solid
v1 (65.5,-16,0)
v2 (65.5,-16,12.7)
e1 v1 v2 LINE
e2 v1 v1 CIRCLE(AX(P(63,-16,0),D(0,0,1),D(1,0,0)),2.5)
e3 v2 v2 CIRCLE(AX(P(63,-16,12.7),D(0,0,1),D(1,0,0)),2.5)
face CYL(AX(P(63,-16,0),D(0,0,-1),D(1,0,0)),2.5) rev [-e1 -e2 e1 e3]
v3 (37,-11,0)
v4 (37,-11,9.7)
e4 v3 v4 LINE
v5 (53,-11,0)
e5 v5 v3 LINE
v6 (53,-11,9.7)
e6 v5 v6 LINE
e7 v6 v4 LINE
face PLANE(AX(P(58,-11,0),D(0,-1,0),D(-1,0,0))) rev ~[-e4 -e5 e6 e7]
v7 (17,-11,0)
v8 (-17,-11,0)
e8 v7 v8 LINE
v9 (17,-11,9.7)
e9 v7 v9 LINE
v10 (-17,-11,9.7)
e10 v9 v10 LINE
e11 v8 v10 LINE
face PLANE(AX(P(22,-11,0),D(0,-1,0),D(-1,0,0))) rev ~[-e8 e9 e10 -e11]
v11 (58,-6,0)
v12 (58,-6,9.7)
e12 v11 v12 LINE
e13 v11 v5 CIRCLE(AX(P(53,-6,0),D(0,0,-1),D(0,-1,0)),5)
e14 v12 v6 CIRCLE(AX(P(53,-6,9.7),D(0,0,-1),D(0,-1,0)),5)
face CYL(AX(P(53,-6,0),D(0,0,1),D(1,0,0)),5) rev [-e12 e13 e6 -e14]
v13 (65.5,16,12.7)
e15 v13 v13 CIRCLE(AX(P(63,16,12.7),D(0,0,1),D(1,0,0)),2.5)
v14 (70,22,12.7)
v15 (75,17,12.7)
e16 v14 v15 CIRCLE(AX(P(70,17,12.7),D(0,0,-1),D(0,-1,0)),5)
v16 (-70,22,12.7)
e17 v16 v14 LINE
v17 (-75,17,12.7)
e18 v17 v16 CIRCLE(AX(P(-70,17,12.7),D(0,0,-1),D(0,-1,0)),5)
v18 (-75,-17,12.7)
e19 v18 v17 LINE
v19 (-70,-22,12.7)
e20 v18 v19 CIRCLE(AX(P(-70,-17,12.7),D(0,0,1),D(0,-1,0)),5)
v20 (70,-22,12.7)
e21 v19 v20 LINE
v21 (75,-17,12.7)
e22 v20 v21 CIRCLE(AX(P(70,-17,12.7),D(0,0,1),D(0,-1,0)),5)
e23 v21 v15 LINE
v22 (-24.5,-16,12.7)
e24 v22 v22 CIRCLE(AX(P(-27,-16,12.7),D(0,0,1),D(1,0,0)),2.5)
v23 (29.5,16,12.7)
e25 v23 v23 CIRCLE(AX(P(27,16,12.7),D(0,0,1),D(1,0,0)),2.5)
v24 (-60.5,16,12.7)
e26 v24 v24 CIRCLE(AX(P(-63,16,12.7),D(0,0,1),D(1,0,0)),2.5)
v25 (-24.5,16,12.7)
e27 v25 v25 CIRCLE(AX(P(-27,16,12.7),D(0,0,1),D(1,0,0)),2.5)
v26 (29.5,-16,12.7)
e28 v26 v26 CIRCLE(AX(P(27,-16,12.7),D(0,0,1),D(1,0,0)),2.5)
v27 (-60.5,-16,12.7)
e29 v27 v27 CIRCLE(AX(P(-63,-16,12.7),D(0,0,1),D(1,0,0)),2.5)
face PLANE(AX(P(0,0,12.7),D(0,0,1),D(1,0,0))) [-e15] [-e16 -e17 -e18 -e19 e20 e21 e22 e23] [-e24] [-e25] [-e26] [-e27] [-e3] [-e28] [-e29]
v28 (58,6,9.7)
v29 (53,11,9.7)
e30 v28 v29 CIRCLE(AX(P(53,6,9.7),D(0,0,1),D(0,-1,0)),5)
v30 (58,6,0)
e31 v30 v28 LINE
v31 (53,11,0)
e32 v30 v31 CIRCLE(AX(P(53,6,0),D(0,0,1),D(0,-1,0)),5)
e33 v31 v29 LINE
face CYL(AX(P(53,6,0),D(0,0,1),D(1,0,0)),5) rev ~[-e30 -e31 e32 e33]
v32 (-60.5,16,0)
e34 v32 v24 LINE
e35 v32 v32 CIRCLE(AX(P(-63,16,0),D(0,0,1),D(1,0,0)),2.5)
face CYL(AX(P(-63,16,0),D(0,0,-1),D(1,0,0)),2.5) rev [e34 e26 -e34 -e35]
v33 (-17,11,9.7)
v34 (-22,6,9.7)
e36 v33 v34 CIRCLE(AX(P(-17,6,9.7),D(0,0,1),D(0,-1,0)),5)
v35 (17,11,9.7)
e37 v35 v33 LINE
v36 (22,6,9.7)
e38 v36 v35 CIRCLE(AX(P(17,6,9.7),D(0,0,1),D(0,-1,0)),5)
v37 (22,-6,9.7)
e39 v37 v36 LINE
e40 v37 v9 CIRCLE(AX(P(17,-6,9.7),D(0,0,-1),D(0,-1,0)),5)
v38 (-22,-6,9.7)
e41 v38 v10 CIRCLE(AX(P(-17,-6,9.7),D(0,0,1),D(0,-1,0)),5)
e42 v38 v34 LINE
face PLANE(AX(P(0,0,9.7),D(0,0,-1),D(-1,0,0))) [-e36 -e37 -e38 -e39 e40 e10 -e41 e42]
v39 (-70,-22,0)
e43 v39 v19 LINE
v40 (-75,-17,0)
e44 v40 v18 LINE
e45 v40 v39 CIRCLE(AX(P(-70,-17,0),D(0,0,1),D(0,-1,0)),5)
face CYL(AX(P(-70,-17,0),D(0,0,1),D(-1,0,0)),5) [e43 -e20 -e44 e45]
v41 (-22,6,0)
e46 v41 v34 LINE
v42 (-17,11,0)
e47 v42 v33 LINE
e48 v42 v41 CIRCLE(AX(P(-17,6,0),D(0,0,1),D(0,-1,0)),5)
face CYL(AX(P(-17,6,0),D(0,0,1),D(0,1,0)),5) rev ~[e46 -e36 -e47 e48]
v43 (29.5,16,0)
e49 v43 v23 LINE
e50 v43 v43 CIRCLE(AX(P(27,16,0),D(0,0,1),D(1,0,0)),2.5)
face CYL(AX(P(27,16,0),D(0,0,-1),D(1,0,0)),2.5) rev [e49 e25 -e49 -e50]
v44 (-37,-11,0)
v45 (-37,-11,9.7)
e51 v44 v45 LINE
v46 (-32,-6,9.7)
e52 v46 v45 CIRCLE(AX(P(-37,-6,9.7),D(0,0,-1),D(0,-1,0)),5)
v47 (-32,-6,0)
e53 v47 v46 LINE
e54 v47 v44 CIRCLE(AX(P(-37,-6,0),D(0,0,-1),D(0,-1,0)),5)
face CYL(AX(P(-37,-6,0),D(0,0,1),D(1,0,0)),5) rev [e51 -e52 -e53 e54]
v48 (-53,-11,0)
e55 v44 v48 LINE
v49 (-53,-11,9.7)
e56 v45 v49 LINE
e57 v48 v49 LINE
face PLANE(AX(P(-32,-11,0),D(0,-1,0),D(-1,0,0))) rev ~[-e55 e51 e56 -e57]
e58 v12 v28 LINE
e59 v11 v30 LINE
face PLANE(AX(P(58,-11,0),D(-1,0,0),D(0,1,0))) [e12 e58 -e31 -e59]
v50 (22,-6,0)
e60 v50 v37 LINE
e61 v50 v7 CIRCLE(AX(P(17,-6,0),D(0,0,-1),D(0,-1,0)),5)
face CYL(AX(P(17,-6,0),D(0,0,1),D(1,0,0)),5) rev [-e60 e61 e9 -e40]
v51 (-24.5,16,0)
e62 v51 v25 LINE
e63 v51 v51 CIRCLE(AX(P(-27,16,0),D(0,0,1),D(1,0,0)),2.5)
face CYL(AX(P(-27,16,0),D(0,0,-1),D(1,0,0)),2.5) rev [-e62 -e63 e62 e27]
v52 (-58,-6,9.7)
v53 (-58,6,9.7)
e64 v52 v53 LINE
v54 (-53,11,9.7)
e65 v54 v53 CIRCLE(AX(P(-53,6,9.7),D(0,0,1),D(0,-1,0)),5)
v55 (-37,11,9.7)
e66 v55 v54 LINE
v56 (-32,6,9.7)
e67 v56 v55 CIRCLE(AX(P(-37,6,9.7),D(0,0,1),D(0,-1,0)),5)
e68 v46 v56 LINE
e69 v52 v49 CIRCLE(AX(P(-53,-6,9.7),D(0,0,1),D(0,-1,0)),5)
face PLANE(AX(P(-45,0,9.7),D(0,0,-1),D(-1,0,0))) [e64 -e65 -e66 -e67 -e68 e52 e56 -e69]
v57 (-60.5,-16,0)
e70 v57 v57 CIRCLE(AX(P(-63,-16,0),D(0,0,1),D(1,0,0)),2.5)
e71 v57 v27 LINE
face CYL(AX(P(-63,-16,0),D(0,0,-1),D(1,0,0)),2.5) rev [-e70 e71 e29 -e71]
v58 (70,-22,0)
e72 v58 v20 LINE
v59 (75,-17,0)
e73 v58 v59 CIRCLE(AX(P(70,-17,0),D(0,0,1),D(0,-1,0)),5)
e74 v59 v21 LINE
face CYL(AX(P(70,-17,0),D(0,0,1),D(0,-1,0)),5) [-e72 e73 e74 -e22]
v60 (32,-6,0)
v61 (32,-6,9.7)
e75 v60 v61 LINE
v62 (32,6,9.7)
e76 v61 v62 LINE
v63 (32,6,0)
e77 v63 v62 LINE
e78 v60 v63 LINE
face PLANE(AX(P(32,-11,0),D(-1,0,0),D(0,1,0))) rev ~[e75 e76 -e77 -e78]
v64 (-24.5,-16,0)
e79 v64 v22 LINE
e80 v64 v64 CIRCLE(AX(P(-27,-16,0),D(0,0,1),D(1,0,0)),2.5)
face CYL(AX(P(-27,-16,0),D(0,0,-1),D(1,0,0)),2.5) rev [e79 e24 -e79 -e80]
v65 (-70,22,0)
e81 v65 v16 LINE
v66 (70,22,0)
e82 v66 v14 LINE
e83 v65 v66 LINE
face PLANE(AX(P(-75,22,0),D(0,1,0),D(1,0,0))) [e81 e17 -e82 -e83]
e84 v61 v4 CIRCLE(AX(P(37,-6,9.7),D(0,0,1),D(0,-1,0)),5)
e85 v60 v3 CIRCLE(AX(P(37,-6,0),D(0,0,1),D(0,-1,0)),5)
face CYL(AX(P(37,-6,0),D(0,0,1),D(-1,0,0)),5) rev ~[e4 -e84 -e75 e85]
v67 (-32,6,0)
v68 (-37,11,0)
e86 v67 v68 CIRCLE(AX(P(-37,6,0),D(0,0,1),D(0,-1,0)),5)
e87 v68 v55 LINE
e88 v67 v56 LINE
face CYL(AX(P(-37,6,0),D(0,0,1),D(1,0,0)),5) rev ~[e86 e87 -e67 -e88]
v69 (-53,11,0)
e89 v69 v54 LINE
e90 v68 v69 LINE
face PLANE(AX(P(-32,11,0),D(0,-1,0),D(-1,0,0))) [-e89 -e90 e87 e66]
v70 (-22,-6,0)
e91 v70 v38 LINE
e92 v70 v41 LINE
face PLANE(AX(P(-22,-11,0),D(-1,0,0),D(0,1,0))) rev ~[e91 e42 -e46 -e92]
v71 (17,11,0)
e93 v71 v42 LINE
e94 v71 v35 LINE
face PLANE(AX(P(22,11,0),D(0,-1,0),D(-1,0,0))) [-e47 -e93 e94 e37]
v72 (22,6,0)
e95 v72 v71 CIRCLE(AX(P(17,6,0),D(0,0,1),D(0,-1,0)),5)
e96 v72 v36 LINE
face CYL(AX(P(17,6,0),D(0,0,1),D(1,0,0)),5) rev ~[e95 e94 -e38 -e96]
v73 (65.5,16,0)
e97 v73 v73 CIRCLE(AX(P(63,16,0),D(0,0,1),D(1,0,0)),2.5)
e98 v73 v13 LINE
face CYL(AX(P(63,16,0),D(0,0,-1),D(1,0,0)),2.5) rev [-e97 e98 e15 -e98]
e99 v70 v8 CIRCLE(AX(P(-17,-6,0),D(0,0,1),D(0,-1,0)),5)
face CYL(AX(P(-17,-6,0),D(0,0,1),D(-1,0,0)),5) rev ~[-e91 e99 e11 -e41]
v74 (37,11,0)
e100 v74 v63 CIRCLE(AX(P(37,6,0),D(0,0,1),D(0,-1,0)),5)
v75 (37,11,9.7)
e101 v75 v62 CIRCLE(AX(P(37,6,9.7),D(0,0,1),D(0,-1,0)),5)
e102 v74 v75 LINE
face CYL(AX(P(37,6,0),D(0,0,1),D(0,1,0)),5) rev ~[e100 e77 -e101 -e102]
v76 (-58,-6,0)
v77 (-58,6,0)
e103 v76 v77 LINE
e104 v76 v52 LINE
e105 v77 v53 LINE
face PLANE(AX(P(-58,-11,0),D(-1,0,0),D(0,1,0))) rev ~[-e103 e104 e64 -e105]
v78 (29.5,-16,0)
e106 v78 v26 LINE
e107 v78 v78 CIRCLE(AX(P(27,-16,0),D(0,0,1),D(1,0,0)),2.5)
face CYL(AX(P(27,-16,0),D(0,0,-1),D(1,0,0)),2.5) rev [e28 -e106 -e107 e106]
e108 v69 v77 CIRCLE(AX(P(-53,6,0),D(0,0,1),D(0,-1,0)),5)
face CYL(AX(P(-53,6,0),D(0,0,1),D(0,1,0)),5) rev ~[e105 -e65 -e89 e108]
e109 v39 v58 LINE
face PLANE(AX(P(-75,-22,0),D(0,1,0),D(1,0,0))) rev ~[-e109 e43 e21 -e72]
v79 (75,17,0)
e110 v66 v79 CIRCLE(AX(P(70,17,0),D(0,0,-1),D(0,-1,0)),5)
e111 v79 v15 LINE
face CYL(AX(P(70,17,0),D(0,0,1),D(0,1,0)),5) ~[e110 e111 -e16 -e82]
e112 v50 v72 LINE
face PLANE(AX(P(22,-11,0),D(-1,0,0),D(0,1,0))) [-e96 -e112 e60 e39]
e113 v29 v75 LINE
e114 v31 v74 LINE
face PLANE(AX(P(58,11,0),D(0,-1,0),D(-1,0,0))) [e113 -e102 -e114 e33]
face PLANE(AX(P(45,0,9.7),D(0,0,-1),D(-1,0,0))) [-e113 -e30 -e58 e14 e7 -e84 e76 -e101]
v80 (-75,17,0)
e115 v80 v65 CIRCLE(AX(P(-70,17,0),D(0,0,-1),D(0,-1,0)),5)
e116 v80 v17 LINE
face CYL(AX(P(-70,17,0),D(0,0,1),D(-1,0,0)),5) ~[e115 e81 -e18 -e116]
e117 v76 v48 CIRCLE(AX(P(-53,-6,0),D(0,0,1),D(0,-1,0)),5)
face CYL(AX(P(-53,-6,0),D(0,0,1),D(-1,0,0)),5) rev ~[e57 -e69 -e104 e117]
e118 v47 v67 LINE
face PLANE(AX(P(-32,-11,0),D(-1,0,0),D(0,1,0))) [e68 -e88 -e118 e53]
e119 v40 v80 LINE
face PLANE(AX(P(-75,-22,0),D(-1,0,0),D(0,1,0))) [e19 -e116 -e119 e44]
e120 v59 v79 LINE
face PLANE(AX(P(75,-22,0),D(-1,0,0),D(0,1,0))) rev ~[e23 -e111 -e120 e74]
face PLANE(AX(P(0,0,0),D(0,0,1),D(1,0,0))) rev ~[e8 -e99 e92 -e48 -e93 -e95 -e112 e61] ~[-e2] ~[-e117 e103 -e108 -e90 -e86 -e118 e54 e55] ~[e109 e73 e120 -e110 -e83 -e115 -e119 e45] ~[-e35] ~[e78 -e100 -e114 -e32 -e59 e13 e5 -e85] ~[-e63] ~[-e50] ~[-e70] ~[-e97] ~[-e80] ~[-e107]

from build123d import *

# Parameters (mm, degrees)
SKETCH1_W           = 150
SKETCH1_H           = 44
SKETCH1_R           = 2.5
BOSS_EXTRUDE1_DEPTH = 12.7
FILLET1_R           = 5
SKETCH7_W           = 26
SKETCH7_H           = 22
SKETCH7_W_2         = 44
CUT_EXTRUDE2_DEPTH  = 9.7
FILLET3_R           = 5


with BuildPart() as part:
    # Sketch1 → Boss-Extrude1 (new body)
    with BuildSketch(Plane.XY):
        Rectangle(SKETCH1_W, SKETCH1_H)
        with Locations((-63, -16)):
            Circle(SKETCH1_R, mode=Mode.SUBTRACT)
        with Locations((-63, 16)):
            Circle(SKETCH1_R, mode=Mode.SUBTRACT)
        with Locations((-27, -16)):
            Circle(SKETCH1_R, mode=Mode.SUBTRACT)
        with Locations((-27, 16)):
            Circle(SKETCH1_R, mode=Mode.SUBTRACT)
        with Locations((27, -16)):
            Circle(SKETCH1_R, mode=Mode.SUBTRACT)
        with Locations((27, 16)):
            Circle(SKETCH1_R, mode=Mode.SUBTRACT)
        with Locations((63, -16)):
            Circle(SKETCH1_R, mode=Mode.SUBTRACT)
        with Locations((63, 16)):
            Circle(SKETCH1_R, mode=Mode.SUBTRACT)
    extrude(amount=BOSS_EXTRUDE1_DEPTH)

    # Fillet1
    fillet1_edges = [part.edges().sort_by_distance(p)[0] for p in [
        (75, -22, 6.35),
        (-75, -22, 6.35),
        (-75, 22, 6.35),
        (75, 22, 6.35),
    ]]
    fillet(fillet1_edges, radius=FILLET1_R)

    # Sketch7 → Cut-Extrude2 (cut)
    with BuildSketch(Plane(origin=(0, 0, 0), x_dir=(-1, 0, 0), z_dir=(0, 0, -1))):
        with Locations((-45, 0)):
            Rectangle(SKETCH7_W, SKETCH7_H)
        Rectangle(SKETCH7_W_2, SKETCH7_H)
        with Locations((45, 0)):
            Rectangle(SKETCH7_W, SKETCH7_H)
    extrude(amount=-CUT_EXTRUDE2_DEPTH, mode=Mode.SUBTRACT)

    # Fillet3
    fillet3_edges = [part.edges().sort_by_distance(p)[0] for p in [
        (58, -11, 4.85),
        (58, 11, 4.85),
        (32, 11, 4.85),
        (32, -11, 4.85),
        (22, -11, 4.85),
        (22, 11, 4.85),
        (-22, 11, 4.85),
        (-22, -11, 4.85),
        (-32, -11, 4.85),
        (-32, 11, 4.85),
        (-58, 11, 4.85),
        (-58, -11, 4.85),
    ]]
    fillet(fillet3_edges, radius=FILLET3_R)


solid = part.part
